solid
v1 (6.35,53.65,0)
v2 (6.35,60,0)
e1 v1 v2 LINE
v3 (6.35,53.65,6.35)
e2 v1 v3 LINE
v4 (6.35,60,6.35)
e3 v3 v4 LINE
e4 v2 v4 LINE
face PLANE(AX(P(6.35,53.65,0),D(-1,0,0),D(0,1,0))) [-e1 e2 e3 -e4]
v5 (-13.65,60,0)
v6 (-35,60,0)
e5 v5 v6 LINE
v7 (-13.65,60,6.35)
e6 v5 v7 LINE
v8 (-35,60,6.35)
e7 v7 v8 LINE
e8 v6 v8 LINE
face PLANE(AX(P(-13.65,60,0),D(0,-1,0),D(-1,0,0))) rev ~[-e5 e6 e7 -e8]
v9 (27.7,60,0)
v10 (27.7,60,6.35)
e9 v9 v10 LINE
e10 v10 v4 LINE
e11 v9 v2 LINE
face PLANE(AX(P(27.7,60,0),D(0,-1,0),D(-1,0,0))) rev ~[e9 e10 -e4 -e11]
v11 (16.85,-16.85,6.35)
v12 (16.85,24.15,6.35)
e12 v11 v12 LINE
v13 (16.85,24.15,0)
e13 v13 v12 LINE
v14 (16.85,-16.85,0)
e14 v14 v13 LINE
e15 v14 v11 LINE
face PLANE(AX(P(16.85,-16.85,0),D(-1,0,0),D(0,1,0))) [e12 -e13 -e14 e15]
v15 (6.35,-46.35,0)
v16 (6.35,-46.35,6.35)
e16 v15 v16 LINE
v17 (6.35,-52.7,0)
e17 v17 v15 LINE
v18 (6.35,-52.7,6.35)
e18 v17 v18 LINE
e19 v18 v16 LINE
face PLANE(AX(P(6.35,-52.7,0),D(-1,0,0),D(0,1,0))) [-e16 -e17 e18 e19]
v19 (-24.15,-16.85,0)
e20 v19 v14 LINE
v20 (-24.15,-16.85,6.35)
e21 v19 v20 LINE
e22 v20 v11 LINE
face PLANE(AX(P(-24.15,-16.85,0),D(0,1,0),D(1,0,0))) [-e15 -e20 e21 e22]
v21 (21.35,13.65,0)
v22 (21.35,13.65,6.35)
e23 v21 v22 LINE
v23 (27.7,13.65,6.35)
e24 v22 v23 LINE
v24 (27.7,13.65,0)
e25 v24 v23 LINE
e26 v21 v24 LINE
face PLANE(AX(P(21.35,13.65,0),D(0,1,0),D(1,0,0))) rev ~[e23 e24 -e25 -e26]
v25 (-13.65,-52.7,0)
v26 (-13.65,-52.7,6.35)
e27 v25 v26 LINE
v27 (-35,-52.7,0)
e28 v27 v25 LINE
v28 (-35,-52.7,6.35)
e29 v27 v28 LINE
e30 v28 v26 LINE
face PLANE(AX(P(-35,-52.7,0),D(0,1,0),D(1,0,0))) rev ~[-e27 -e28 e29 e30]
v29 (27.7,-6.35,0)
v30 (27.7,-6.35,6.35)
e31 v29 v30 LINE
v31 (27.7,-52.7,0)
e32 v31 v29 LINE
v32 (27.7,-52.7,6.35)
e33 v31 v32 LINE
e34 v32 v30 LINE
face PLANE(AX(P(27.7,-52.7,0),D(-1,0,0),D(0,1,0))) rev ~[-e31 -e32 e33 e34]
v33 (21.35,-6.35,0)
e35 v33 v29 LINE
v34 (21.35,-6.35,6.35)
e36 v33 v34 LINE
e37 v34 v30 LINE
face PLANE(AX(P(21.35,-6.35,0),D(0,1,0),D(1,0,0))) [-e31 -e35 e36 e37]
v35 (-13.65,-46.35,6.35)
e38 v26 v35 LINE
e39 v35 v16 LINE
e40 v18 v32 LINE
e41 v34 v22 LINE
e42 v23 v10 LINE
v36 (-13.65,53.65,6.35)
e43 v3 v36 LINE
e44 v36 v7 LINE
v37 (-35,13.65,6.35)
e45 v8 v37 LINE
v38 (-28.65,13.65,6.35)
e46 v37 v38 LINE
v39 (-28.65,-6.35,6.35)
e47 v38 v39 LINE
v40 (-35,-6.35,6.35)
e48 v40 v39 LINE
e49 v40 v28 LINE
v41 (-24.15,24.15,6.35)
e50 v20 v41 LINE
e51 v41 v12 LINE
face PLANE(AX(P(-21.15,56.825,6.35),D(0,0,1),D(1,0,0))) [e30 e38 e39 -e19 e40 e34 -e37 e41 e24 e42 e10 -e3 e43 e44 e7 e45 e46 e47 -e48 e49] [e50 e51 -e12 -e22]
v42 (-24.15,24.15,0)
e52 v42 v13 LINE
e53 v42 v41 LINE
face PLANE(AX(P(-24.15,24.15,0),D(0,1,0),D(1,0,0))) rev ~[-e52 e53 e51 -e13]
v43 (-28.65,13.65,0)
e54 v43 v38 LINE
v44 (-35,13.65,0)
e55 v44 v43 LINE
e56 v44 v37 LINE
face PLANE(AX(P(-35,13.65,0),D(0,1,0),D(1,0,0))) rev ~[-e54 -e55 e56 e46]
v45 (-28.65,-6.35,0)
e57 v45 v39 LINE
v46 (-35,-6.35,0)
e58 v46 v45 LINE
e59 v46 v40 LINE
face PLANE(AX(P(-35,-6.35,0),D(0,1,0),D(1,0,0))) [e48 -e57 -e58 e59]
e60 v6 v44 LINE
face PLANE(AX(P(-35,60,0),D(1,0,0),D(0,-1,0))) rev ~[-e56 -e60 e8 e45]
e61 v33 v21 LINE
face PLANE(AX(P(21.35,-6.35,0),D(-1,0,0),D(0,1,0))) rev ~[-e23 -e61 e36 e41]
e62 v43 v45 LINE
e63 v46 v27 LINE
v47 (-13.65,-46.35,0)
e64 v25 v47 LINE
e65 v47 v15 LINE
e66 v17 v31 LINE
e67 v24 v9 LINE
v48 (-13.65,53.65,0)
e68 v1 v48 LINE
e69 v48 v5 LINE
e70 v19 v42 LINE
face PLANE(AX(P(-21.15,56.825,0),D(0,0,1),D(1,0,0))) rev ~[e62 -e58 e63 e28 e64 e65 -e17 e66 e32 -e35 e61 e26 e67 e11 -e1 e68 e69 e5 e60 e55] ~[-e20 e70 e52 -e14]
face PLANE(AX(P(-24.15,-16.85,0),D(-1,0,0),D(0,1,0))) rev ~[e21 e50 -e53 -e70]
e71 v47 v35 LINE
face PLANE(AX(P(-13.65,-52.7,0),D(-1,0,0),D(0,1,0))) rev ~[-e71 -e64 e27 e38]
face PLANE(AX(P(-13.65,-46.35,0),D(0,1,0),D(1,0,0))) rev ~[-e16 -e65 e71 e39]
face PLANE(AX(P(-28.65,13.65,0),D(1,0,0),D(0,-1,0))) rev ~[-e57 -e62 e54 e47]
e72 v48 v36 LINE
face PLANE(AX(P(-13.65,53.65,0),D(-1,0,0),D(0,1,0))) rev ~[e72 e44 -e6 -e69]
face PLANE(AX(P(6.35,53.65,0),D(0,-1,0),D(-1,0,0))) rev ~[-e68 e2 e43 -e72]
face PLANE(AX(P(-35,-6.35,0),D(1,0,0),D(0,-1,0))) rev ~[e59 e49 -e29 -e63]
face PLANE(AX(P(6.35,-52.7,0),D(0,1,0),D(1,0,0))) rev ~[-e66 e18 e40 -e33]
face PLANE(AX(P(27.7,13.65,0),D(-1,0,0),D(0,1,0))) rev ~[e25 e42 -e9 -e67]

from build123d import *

# Parameters (mm, degrees)
F0_W     = 15
F0_H     = 6.35
F0_W_2   = 41
F0_H_2   = 41
F0_W_3   = 6.35
F0_H_3   = 40
F1_DEPTH = 6.35


with BuildPart() as f1:
    # F0 (on Top) → F1 (new body)
    with BuildSketch(Plane.XY):
        with Locations((-21.15, 56.825)):
            Rectangle(F0_W, F0_H)
        Polygon((-13.65, 53.65), (-28.65, 53.65), (-28.65, 13.65), (-28.65, -6.35), (-28.65, -46.35), (-13.65, -46.35), (6.35, -46.35), (21.35, -46.35), (21.35, -6.35), (21.35, 13.65), (21.35, 53.65), (6.35, 53.65), align=None)
        with Locations((-3.65, 3.65)):
            Rectangle(F0_W_2, F0_H_2, mode=Mode.SUBTRACT)
        with Locations((-31.825, 33.65)):
            Rectangle(F0_W_3, F0_H_3)
        with Locations((-31.825, 56.825)):
            Rectangle(F0_W_3, F0_H)
        with Locations((13.85, 56.825)):
            Rectangle(F0_W, F0_H)
        with Locations((-31.825, -26.35)):
            Rectangle(F0_W_3, F0_H_3)
        with Locations((24.525, 33.65)):
            Rectangle(F0_W_3, F0_H_3)
        with Locations((24.525, 56.825)):
            Rectangle(F0_W_3, F0_H)
        with Locations((-31.825, -49.525)):
            Rectangle(F0_W_3, F0_H)
        with Locations((-21.15, -49.525)):
            Rectangle(F0_W, F0_H)
        with Locations((24.525, -26.35)):
            Rectangle(F0_W_3, F0_H_3)
        with Locations((13.85, -49.525)):
            Rectangle(F0_W, F0_H)
        with Locations((24.525, -49.525)):
            Rectangle(F0_W_3, F0_H)
    extrude(amount=F1_DEPTH)


solid = f1.part
